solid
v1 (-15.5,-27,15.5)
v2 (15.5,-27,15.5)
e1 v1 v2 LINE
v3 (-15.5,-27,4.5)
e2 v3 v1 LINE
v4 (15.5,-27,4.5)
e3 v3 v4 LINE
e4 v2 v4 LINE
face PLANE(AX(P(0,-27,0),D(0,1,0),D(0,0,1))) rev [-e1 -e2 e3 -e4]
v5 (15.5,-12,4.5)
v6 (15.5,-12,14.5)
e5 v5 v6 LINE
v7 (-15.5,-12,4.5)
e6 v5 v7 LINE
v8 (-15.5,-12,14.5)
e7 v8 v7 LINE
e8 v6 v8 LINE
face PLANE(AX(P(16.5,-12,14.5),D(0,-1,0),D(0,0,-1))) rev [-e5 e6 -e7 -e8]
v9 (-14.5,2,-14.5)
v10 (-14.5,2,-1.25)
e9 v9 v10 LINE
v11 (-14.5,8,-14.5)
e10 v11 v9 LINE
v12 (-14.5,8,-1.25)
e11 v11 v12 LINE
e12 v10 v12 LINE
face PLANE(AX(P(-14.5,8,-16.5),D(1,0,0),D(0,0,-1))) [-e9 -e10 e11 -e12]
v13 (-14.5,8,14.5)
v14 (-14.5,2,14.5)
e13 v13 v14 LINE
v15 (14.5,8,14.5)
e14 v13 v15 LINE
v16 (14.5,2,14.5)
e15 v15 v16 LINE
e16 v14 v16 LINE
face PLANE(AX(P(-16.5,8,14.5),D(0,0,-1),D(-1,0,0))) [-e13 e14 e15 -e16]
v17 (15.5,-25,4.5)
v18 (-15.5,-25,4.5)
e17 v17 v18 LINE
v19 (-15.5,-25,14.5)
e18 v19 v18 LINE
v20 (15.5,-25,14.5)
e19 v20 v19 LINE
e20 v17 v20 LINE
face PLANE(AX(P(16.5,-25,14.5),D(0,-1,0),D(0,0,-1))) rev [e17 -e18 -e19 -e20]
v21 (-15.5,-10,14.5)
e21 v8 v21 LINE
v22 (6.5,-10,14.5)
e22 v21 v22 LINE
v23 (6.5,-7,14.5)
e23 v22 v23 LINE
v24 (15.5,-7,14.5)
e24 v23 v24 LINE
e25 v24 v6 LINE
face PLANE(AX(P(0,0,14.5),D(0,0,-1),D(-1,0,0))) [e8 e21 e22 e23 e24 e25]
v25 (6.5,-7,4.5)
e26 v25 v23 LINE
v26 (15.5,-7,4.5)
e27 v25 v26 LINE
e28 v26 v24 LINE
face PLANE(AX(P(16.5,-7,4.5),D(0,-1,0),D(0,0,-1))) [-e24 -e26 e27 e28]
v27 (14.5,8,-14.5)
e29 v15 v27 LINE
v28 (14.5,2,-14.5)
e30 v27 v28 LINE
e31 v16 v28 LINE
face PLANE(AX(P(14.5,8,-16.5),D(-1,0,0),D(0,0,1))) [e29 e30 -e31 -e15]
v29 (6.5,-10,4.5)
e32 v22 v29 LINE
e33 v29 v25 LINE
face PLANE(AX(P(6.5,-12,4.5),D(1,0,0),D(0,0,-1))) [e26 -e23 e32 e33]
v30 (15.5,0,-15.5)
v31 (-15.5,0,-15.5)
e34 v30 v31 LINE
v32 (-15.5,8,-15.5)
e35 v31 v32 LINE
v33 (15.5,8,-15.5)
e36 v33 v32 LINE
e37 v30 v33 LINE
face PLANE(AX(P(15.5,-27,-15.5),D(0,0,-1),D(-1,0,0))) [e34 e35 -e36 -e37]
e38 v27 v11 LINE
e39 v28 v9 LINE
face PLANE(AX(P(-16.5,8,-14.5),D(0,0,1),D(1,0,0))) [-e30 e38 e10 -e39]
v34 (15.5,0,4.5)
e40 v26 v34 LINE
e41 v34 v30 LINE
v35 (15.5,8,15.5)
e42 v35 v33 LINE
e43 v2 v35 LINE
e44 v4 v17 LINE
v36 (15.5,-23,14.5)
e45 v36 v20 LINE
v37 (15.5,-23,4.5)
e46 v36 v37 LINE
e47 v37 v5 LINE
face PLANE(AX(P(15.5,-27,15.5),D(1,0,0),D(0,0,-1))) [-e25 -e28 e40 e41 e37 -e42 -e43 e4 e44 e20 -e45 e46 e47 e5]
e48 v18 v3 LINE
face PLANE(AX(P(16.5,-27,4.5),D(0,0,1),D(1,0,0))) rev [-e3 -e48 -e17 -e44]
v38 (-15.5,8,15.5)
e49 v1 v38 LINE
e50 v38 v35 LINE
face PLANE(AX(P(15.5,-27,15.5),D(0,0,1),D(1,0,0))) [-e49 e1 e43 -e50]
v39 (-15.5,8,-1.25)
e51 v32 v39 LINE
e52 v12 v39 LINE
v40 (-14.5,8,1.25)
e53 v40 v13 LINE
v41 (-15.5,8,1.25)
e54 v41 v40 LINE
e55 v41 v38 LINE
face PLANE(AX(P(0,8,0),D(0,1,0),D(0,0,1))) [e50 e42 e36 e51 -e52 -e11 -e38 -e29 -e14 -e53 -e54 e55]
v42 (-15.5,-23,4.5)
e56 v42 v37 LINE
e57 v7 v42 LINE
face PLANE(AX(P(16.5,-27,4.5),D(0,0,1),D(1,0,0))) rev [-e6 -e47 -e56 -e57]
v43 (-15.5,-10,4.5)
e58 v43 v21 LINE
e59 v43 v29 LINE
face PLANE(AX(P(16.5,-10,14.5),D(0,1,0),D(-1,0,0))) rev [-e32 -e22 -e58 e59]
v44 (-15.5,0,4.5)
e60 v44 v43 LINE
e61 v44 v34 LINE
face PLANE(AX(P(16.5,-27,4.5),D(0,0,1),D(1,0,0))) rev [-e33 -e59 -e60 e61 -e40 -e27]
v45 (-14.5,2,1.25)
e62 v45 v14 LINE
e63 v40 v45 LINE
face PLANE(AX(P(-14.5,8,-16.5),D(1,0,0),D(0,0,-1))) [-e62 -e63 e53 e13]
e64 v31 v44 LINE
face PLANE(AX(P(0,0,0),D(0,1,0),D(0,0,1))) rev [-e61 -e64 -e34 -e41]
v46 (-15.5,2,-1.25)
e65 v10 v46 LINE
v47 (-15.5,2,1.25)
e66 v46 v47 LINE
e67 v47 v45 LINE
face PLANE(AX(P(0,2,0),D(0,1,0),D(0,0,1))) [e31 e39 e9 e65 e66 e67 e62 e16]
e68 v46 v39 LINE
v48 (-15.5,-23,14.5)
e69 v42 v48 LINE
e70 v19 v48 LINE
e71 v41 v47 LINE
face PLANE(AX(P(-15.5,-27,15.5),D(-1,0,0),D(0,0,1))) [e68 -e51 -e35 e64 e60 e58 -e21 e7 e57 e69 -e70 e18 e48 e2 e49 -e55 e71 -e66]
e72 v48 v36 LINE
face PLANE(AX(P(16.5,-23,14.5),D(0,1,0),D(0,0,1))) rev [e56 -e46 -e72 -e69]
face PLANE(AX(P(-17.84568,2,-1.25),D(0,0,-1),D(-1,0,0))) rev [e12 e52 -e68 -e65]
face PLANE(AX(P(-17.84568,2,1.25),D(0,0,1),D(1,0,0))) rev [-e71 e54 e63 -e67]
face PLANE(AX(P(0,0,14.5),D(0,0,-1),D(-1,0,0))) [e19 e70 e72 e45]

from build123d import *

# Parameters (mm, degrees)
CROQUIS1_W              = 33
CROQUIS1_H              = 33
SALIENTE_EXTRUIR2_DEPTH = 8
VACIADO1_T              = -2
CROQUIS5_W              = 4.422149387
CROQUIS5_H              = 2.5
CORTAR_EXTRUIR3_DEPTH   = 6
CROQUIS6_W              = 32.965049926
CROQUIS6_H              = 12
SALIENTE_EXTRUIR3_DEPTH = 27
CROQUIS7_W              = 32.965049926
CROQUIS7_H              = 2
CORTAR_EXTRUIR4_DEPTH   = 10
CROQUIS8_W              = 10
CROQUIS8_H              = 5
CORTAR_EXTRUIR5_DEPTH   = 10
CROQUIS9_W              = 33
CROQUIS9_H              = 33
CROQUIS9_W_2            = 31
CROQUIS9_H_2            = 31
CORTAR_EXTRUIR6_DEPTH   = 43.065425233


with BuildPart() as part:
    # Croquis1 → Saliente-Extruir2 (new body)
    with BuildSketch(Plane(origin=(0, 0, 0), x_dir=(1, 0, 0), z_dir=(0, 1, 0))):
        Rectangle(CROQUIS1_W, CROQUIS1_H)
    extrude(amount=SALIENTE_EXTRUIR2_DEPTH)

    # Vaciado1
    vaciado1_openings = [part.faces().sort_by_distance(p)[0] for p in [
        (0, 8, 0),
    ]]
    offset(amount=VACIADO1_T, openings=vaciado1_openings, kind=Kind.INTERSECTION)

    # Croquis5 → Cortar-Extruir3 (cut)
    with BuildSketch(Plane(origin=(0, 8, 0), x_dir=(1, 0, 0), z_dir=(0, 1, 0))):
        with Locations((-15.634605234, 0)):
            Rectangle(CROQUIS5_W, CROQUIS5_H)
    extrude(amount=-CORTAR_EXTRUIR3_DEPTH, mode=Mode.SUBTRACT)

    # Croquis6 → Saliente-Extruir3 (add)
    with BuildSketch(Plane.XZ):
        with Locations((0.017475037, 10.5)):
            Rectangle(CROQUIS6_W, CROQUIS6_H)
    extrude(amount=SALIENTE_EXTRUIR3_DEPTH)

    # Croquis7 → Cortar-Extruir4 (cut)
    with BuildSketch(Plane(origin=(0, 0, 4.5), x_dir=(-1, 0, 0), z_dir=(0, 0, -1))):
        with Locations((-0.017475037, -24)):
            Rectangle(CROQUIS7_W, CROQUIS7_H)
        with Locations((-0.017475037, -11)):
            Rectangle(CROQUIS7_W, CROQUIS7_H)
    extrude(amount=-CORTAR_EXTRUIR4_DEPTH, mode=Mode.SUBTRACT)

    # Croquis8 → Cortar-Extruir5 (cut)
    with BuildSketch(Plane(origin=(0, 0, 14.5), x_dir=(-1, 0, 0), z_dir=(0, 0, -1))):
        with Locations((-11.5, -9.5)):
            Rectangle(CROQUIS8_W, CROQUIS8_H)
    extrude(amount=CORTAR_EXTRUIR5_DEPTH, mode=Mode.SUBTRACT)

    # Croquis9 → Cortar-Extruir6 (cut, through all)
    with BuildSketch(Plane(origin=(0, 8, 0), x_dir=(1, 0, 0), z_dir=(0, 1, 0))):
        Rectangle(CROQUIS9_W, CROQUIS9_H)
        Rectangle(CROQUIS9_W_2, CROQUIS9_H_2, mode=Mode.SUBTRACT)
    extrude(amount=-CORTAR_EXTRUIR6_DEPTH, mode=Mode.SUBTRACT)


solid = part.part
